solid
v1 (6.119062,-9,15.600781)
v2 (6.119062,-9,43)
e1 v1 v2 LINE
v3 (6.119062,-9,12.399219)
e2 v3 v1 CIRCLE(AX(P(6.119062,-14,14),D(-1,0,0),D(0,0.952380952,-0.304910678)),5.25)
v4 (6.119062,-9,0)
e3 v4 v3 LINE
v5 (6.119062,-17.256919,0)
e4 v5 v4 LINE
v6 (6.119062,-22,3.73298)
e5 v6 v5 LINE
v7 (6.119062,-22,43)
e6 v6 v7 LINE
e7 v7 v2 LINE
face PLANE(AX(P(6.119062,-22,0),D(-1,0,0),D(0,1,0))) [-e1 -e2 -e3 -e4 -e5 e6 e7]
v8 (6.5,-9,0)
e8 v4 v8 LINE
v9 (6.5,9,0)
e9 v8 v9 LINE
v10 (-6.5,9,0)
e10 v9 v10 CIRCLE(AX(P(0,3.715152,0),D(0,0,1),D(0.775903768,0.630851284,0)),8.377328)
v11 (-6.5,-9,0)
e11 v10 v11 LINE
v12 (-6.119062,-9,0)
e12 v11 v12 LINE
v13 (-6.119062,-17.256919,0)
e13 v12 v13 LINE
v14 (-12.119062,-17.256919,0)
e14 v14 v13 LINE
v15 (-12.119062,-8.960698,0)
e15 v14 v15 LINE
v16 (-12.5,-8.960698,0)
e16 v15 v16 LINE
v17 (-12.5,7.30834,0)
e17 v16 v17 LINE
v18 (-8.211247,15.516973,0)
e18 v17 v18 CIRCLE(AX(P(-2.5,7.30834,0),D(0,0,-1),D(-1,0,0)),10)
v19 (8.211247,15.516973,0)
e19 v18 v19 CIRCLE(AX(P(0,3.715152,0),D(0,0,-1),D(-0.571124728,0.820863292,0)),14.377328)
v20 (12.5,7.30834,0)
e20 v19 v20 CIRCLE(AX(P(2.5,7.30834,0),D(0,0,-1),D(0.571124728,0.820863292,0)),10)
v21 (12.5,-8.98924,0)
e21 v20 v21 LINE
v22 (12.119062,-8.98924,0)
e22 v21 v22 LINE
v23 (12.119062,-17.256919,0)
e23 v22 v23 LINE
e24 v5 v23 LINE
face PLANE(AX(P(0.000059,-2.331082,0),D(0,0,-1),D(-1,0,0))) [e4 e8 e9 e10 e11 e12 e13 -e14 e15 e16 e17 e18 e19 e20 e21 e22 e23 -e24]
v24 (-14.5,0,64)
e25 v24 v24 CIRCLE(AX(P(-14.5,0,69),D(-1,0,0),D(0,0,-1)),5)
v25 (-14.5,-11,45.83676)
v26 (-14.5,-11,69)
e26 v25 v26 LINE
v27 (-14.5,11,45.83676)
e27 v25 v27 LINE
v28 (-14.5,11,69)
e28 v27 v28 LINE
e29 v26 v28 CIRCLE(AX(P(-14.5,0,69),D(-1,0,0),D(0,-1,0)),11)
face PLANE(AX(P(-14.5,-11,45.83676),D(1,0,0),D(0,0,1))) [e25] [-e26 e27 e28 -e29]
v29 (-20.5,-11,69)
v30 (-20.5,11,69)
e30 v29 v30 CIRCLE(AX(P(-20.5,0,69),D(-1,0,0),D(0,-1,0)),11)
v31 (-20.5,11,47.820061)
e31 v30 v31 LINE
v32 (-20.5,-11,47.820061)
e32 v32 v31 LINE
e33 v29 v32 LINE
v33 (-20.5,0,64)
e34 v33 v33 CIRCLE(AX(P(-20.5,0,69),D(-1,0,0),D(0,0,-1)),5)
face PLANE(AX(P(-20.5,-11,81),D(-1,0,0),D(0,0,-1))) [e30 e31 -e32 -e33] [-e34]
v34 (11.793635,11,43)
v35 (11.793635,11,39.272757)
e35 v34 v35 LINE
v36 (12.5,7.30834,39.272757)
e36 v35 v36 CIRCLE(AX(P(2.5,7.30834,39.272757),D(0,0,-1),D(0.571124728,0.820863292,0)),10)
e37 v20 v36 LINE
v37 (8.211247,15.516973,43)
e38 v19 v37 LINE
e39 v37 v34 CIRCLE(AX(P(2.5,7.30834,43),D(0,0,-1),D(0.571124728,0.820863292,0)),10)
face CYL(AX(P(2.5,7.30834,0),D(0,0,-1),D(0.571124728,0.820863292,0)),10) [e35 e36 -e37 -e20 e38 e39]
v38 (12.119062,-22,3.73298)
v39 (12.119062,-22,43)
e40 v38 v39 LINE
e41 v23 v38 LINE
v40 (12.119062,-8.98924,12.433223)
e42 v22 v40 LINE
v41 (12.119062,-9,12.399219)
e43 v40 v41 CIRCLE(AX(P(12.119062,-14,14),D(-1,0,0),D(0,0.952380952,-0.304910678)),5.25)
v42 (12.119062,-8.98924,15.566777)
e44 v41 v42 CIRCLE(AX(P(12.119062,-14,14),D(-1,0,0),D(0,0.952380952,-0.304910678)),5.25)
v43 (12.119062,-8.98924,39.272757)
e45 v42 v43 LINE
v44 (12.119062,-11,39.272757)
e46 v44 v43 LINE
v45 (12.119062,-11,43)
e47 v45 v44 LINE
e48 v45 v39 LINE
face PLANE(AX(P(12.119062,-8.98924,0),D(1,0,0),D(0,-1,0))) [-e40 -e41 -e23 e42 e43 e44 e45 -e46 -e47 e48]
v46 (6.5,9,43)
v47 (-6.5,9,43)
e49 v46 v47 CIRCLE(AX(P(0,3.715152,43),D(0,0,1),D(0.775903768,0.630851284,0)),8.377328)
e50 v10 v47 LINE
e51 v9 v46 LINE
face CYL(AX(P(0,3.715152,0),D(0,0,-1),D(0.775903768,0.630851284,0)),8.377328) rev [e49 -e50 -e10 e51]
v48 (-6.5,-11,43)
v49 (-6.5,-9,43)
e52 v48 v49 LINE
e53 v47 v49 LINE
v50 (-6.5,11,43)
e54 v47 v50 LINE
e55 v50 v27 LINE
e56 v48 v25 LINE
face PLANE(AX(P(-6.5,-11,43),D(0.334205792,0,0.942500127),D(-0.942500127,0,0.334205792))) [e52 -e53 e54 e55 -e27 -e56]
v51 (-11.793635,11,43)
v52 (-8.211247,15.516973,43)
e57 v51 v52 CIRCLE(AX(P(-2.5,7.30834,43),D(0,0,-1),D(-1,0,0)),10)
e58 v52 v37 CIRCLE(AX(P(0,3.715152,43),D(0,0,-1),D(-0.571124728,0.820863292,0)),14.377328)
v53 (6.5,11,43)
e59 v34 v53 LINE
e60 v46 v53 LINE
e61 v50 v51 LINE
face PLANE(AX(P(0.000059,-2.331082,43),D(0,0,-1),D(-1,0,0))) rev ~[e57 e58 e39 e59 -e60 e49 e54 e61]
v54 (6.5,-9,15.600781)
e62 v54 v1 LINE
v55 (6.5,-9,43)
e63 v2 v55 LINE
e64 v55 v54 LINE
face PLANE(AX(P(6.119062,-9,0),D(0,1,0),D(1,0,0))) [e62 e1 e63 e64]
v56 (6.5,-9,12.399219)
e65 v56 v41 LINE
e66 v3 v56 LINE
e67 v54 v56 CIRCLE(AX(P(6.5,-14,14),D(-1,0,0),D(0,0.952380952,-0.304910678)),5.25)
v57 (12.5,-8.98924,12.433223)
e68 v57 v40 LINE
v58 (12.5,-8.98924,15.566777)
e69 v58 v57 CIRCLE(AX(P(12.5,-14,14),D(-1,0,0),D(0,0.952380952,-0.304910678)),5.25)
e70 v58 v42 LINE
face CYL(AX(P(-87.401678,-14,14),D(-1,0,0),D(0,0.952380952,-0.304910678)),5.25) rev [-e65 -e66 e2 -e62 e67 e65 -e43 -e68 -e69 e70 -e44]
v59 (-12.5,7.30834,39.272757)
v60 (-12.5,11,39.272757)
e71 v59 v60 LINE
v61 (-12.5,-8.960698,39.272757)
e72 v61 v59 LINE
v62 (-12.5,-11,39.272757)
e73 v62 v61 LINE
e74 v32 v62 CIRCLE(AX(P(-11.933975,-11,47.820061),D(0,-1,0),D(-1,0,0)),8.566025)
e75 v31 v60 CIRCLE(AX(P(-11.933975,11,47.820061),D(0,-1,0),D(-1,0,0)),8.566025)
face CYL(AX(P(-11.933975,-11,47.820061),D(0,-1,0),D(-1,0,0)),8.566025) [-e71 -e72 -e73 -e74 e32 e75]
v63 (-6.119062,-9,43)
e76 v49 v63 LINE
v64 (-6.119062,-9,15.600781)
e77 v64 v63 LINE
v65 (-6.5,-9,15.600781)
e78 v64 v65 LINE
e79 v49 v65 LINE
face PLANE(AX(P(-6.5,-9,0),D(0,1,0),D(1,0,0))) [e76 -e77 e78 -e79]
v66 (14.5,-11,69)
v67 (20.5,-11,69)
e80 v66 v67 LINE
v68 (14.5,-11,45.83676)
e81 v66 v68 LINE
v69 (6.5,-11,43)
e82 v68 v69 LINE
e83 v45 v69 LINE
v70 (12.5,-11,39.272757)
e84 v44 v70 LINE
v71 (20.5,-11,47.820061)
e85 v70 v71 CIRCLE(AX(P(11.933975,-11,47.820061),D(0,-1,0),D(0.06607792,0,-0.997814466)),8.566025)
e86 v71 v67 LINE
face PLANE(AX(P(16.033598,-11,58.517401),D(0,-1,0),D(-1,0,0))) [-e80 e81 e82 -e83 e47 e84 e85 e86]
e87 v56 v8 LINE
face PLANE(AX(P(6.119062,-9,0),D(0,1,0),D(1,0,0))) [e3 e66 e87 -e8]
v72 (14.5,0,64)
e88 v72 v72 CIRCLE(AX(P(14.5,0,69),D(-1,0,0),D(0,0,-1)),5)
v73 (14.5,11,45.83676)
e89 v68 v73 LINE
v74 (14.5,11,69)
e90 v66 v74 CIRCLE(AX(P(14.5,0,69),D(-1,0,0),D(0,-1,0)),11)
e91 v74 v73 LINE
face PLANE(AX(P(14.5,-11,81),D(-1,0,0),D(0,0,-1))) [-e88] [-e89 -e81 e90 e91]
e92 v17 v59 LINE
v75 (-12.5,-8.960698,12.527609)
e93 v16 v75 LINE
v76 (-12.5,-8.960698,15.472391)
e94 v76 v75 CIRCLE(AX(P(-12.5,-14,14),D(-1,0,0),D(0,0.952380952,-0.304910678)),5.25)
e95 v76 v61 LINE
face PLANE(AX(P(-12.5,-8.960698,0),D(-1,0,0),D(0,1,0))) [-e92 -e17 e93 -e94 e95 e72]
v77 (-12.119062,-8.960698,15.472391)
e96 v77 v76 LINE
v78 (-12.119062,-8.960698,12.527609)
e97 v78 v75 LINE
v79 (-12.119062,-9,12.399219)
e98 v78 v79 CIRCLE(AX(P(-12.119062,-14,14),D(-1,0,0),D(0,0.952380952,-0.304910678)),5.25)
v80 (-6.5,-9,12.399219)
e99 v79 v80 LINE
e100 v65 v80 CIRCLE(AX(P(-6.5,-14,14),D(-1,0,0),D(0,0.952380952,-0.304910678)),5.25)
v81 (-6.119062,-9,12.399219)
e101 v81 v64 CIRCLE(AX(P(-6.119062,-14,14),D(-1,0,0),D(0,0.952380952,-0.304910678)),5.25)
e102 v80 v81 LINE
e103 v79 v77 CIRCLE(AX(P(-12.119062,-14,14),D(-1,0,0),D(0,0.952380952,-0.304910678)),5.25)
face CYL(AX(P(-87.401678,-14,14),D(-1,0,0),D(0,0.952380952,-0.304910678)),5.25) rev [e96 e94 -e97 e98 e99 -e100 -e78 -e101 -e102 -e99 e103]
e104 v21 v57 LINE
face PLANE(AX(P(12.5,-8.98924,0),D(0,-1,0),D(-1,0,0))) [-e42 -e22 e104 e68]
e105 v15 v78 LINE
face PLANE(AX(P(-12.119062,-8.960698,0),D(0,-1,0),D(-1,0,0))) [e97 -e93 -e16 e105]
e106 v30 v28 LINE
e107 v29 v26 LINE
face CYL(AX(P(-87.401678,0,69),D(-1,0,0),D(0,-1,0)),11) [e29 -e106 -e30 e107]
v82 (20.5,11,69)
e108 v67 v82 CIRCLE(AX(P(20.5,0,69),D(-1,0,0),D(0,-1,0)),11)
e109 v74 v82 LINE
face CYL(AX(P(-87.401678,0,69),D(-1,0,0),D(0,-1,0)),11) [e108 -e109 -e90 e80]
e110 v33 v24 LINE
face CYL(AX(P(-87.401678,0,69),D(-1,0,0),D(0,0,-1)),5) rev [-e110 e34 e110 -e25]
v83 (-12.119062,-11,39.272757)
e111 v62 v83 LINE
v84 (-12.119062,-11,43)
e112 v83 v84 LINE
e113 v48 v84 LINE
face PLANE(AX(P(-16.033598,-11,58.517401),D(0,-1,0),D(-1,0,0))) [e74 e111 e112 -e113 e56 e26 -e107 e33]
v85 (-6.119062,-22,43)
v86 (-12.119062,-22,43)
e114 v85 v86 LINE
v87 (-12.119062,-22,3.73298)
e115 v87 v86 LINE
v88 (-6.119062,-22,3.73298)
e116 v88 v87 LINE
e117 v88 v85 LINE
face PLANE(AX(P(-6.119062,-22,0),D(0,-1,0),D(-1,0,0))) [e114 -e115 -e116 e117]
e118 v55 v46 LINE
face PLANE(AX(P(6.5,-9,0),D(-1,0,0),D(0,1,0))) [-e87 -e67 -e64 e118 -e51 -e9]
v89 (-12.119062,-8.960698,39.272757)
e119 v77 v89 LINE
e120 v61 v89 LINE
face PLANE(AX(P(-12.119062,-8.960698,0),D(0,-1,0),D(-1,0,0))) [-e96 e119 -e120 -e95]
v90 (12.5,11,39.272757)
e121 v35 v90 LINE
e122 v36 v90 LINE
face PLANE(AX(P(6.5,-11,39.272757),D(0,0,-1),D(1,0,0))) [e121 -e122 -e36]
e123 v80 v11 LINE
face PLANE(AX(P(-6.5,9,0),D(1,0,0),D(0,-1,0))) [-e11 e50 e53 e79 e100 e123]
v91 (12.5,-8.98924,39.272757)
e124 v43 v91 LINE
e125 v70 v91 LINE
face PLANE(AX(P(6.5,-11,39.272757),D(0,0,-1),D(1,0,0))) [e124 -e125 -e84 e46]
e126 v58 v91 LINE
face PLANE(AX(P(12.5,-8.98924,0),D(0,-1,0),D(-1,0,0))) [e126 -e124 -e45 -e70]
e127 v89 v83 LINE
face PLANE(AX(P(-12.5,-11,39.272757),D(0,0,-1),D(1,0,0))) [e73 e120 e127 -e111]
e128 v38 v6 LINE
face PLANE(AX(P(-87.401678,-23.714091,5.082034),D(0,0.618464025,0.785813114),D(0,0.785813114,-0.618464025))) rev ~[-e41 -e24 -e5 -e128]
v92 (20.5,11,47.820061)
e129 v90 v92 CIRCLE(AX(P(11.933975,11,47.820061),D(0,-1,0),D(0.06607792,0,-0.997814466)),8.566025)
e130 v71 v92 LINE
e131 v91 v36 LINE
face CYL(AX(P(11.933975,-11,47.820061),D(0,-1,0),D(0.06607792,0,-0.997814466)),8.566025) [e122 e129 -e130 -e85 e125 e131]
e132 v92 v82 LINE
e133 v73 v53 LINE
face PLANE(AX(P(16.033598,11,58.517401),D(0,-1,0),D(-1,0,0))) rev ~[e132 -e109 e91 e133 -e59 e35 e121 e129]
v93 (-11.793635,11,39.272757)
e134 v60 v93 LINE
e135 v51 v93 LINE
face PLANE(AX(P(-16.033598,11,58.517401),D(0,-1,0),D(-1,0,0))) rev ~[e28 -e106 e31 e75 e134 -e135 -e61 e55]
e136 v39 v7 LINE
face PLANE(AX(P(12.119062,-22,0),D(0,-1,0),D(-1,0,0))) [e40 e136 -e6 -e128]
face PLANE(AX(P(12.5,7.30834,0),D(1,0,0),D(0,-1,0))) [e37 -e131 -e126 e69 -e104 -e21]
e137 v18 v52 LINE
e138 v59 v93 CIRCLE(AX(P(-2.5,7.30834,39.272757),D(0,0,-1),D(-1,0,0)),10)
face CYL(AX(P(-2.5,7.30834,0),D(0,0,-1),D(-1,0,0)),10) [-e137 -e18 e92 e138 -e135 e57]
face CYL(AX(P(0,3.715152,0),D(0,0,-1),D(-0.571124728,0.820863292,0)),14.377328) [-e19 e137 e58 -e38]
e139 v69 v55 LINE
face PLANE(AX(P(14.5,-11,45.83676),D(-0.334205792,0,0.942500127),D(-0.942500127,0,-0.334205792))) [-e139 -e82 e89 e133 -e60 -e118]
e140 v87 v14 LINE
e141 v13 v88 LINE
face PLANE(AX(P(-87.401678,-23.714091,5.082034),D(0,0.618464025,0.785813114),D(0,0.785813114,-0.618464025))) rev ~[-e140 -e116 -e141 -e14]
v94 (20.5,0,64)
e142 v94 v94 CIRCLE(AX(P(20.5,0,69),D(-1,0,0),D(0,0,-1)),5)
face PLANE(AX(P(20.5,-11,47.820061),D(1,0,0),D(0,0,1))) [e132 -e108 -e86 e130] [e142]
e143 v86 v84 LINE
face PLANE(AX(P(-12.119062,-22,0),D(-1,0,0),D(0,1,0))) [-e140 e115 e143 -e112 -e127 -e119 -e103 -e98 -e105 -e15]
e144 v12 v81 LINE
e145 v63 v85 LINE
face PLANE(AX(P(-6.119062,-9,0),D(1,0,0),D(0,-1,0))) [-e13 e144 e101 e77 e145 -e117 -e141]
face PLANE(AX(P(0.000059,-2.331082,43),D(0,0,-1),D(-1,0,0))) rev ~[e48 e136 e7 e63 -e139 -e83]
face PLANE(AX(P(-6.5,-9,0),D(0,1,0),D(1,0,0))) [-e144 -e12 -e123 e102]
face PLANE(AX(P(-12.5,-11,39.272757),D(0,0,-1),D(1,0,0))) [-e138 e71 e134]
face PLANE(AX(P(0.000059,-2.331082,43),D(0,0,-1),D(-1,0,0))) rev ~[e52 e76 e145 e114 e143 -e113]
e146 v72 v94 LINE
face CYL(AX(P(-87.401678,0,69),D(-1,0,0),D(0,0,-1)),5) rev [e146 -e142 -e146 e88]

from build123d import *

# Parameters (mm, degrees)
BOSS_EXTRUDE1_DEPTH      = 43
BOSS_EXTRUDE2_DEPTH      = 11
BOSS_EXTRUDE2_DEPTH_BACK = 11
CUT_EXTRUDE1_DEPTH       = 87.401678224
CUT_EXTRUDE1_DEPTH_BACK  = 87.401678224
SKETCH3_R                = 5.25
SKETCH3_R_2              = 5


with BuildPart() as part:
    # Sketch1 → Boss-Extrude1 (new body)
    with BuildSketch(Plane.XY):
        with BuildLine():
            Line((-6.5, 9), (-6.5, -9))
            Line((-6.5, -9), (-6.119061554, -9))
            Line((-6.119061554, -9), (-6.119061554, -22))
            Line((-6.119061554, -22), (-12.119061554, -22))
            Line((-12.119061554, -22), (-12.119061554, -8.960698063))
            Line((-12.119061554, -8.960698063), (-12.5, -8.960698063))
            Line((-12.5, -8.960698063), (-12.5, 7.308339657))
            ThreePointArc((-12.5, 7.308339657), (-11.36319561, 11.939080805), (-8.211247284, 15.51697258))
            ThreePointArc((-8.211247284, 15.51697258), (0, 18.0924797), (8.211247284, 15.51697258))
            ThreePointArc((8.211247284, 15.51697258), (11.36319561, 11.939080805), (12.5, 7.308339657))
            Line((12.5, 7.308339657), (12.5, -8.989240444))
            Line((12.5, -8.989240444), (12.119061554, -8.989240444))
            Line((12.119061554, -8.989240444), (12.119061554, -22))
            Line((12.119061554, -22), (6.119061554, -22))
            Line((6.119061554, -22), (6.119061554, -9))
            Line((6.119061554, -9), (6.5, -9))
            Line((6.5, -9), (6.5, 9))
            ThreePointArc((6.5, 9), (0, 12.0924797), (-6.5, 9))
        make_face()
    extrude(amount=BOSS_EXTRUDE1_DEPTH)

    # Sketch2 → Boss-Extrude2 (add, two sides: drawn at the far end of the back side and taken through both)
    with BuildSketch(Plane(origin=(0, 0, 0), x_dir=(1, 0, 0), z_dir=(0, 1, 0)).offset(-BOSS_EXTRUDE2_DEPTH_BACK)):
        with BuildLine():
            Line((-20.5, -81), (-20.5, -47.820060952))
            ThreePointArc((-20.5, -47.820060952), (-18.187988462, -41.966506434), (-12.5, -39.272757167))
            Line((-12.5, -39.272757167), (-6.5, -39.272757167))
            Line((-6.5, -39.272757167), (-6.5, -43))
            Line((-6.5, -43), (-14.5, -45.836759656))
            Line((-14.5, -45.836759656), (-14.5, -81))
            Line((-14.5, -81), (-20.5, -81))
        make_face()
        with BuildLine():
            Line((6.5, -39.272757167), (12.5, -39.272757167))
            ThreePointArc((12.5, -39.272757167), (18.187988462, -41.966506434), (20.5, -47.820060952))
            Line((20.5, -47.820060952), (20.5, -81))
            Line((20.5, -81), (14.5, -81))
            Line((14.5, -81), (14.5, -45.836759656))
            Line((14.5, -45.836759656), (6.5, -43))
            Line((6.5, -43), (6.5, -39.272757167))
        make_face()
    extrude(amount=BOSS_EXTRUDE2_DEPTH + BOSS_EXTRUDE2_DEPTH_BACK)

    # Sketch3 → Cut-Extrude1 (cut, two sides: drawn at the far end of the back side and taken through both)
    with BuildSketch(Plane(origin=(0, 0, 0), x_dir=(0, 0, -1), z_dir=(1, 0, 0)).offset(-CUT_EXTRUDE1_DEPTH_BACK)):
        with Locations(Location((-14, -14, 0), (0, 0, 72.247209838))):
            Circle(SKETCH3_R)
        with Locations((-69, 0)):
            Circle(SKETCH3_R_2)
        Polygon((-5.082033537, -23.71409096), (2.018266343, -14.692533465), (6.529045091, -36.912295444), align=None)
        with BuildLine():
            Line((-69, 11), (-69, 14.018852996))
            Line((-69, 14.018852996), (-85.29582804, 14.018852996))
            Line((-85.29582804, 14.018852996), (-85.29582804, -20.343414377))
            Line((-85.29582804, -20.343414377), (-69, -16.597000701))
            Line((-69, -16.597000701), (-69, -11))
            ThreePointArc((-69, -11), (-80, 0), (-69, 11))
        make_face()
    extrude(amount=CUT_EXTRUDE1_DEPTH + CUT_EXTRUDE1_DEPTH_BACK, mode=Mode.SUBTRACT)


solid = part.part
